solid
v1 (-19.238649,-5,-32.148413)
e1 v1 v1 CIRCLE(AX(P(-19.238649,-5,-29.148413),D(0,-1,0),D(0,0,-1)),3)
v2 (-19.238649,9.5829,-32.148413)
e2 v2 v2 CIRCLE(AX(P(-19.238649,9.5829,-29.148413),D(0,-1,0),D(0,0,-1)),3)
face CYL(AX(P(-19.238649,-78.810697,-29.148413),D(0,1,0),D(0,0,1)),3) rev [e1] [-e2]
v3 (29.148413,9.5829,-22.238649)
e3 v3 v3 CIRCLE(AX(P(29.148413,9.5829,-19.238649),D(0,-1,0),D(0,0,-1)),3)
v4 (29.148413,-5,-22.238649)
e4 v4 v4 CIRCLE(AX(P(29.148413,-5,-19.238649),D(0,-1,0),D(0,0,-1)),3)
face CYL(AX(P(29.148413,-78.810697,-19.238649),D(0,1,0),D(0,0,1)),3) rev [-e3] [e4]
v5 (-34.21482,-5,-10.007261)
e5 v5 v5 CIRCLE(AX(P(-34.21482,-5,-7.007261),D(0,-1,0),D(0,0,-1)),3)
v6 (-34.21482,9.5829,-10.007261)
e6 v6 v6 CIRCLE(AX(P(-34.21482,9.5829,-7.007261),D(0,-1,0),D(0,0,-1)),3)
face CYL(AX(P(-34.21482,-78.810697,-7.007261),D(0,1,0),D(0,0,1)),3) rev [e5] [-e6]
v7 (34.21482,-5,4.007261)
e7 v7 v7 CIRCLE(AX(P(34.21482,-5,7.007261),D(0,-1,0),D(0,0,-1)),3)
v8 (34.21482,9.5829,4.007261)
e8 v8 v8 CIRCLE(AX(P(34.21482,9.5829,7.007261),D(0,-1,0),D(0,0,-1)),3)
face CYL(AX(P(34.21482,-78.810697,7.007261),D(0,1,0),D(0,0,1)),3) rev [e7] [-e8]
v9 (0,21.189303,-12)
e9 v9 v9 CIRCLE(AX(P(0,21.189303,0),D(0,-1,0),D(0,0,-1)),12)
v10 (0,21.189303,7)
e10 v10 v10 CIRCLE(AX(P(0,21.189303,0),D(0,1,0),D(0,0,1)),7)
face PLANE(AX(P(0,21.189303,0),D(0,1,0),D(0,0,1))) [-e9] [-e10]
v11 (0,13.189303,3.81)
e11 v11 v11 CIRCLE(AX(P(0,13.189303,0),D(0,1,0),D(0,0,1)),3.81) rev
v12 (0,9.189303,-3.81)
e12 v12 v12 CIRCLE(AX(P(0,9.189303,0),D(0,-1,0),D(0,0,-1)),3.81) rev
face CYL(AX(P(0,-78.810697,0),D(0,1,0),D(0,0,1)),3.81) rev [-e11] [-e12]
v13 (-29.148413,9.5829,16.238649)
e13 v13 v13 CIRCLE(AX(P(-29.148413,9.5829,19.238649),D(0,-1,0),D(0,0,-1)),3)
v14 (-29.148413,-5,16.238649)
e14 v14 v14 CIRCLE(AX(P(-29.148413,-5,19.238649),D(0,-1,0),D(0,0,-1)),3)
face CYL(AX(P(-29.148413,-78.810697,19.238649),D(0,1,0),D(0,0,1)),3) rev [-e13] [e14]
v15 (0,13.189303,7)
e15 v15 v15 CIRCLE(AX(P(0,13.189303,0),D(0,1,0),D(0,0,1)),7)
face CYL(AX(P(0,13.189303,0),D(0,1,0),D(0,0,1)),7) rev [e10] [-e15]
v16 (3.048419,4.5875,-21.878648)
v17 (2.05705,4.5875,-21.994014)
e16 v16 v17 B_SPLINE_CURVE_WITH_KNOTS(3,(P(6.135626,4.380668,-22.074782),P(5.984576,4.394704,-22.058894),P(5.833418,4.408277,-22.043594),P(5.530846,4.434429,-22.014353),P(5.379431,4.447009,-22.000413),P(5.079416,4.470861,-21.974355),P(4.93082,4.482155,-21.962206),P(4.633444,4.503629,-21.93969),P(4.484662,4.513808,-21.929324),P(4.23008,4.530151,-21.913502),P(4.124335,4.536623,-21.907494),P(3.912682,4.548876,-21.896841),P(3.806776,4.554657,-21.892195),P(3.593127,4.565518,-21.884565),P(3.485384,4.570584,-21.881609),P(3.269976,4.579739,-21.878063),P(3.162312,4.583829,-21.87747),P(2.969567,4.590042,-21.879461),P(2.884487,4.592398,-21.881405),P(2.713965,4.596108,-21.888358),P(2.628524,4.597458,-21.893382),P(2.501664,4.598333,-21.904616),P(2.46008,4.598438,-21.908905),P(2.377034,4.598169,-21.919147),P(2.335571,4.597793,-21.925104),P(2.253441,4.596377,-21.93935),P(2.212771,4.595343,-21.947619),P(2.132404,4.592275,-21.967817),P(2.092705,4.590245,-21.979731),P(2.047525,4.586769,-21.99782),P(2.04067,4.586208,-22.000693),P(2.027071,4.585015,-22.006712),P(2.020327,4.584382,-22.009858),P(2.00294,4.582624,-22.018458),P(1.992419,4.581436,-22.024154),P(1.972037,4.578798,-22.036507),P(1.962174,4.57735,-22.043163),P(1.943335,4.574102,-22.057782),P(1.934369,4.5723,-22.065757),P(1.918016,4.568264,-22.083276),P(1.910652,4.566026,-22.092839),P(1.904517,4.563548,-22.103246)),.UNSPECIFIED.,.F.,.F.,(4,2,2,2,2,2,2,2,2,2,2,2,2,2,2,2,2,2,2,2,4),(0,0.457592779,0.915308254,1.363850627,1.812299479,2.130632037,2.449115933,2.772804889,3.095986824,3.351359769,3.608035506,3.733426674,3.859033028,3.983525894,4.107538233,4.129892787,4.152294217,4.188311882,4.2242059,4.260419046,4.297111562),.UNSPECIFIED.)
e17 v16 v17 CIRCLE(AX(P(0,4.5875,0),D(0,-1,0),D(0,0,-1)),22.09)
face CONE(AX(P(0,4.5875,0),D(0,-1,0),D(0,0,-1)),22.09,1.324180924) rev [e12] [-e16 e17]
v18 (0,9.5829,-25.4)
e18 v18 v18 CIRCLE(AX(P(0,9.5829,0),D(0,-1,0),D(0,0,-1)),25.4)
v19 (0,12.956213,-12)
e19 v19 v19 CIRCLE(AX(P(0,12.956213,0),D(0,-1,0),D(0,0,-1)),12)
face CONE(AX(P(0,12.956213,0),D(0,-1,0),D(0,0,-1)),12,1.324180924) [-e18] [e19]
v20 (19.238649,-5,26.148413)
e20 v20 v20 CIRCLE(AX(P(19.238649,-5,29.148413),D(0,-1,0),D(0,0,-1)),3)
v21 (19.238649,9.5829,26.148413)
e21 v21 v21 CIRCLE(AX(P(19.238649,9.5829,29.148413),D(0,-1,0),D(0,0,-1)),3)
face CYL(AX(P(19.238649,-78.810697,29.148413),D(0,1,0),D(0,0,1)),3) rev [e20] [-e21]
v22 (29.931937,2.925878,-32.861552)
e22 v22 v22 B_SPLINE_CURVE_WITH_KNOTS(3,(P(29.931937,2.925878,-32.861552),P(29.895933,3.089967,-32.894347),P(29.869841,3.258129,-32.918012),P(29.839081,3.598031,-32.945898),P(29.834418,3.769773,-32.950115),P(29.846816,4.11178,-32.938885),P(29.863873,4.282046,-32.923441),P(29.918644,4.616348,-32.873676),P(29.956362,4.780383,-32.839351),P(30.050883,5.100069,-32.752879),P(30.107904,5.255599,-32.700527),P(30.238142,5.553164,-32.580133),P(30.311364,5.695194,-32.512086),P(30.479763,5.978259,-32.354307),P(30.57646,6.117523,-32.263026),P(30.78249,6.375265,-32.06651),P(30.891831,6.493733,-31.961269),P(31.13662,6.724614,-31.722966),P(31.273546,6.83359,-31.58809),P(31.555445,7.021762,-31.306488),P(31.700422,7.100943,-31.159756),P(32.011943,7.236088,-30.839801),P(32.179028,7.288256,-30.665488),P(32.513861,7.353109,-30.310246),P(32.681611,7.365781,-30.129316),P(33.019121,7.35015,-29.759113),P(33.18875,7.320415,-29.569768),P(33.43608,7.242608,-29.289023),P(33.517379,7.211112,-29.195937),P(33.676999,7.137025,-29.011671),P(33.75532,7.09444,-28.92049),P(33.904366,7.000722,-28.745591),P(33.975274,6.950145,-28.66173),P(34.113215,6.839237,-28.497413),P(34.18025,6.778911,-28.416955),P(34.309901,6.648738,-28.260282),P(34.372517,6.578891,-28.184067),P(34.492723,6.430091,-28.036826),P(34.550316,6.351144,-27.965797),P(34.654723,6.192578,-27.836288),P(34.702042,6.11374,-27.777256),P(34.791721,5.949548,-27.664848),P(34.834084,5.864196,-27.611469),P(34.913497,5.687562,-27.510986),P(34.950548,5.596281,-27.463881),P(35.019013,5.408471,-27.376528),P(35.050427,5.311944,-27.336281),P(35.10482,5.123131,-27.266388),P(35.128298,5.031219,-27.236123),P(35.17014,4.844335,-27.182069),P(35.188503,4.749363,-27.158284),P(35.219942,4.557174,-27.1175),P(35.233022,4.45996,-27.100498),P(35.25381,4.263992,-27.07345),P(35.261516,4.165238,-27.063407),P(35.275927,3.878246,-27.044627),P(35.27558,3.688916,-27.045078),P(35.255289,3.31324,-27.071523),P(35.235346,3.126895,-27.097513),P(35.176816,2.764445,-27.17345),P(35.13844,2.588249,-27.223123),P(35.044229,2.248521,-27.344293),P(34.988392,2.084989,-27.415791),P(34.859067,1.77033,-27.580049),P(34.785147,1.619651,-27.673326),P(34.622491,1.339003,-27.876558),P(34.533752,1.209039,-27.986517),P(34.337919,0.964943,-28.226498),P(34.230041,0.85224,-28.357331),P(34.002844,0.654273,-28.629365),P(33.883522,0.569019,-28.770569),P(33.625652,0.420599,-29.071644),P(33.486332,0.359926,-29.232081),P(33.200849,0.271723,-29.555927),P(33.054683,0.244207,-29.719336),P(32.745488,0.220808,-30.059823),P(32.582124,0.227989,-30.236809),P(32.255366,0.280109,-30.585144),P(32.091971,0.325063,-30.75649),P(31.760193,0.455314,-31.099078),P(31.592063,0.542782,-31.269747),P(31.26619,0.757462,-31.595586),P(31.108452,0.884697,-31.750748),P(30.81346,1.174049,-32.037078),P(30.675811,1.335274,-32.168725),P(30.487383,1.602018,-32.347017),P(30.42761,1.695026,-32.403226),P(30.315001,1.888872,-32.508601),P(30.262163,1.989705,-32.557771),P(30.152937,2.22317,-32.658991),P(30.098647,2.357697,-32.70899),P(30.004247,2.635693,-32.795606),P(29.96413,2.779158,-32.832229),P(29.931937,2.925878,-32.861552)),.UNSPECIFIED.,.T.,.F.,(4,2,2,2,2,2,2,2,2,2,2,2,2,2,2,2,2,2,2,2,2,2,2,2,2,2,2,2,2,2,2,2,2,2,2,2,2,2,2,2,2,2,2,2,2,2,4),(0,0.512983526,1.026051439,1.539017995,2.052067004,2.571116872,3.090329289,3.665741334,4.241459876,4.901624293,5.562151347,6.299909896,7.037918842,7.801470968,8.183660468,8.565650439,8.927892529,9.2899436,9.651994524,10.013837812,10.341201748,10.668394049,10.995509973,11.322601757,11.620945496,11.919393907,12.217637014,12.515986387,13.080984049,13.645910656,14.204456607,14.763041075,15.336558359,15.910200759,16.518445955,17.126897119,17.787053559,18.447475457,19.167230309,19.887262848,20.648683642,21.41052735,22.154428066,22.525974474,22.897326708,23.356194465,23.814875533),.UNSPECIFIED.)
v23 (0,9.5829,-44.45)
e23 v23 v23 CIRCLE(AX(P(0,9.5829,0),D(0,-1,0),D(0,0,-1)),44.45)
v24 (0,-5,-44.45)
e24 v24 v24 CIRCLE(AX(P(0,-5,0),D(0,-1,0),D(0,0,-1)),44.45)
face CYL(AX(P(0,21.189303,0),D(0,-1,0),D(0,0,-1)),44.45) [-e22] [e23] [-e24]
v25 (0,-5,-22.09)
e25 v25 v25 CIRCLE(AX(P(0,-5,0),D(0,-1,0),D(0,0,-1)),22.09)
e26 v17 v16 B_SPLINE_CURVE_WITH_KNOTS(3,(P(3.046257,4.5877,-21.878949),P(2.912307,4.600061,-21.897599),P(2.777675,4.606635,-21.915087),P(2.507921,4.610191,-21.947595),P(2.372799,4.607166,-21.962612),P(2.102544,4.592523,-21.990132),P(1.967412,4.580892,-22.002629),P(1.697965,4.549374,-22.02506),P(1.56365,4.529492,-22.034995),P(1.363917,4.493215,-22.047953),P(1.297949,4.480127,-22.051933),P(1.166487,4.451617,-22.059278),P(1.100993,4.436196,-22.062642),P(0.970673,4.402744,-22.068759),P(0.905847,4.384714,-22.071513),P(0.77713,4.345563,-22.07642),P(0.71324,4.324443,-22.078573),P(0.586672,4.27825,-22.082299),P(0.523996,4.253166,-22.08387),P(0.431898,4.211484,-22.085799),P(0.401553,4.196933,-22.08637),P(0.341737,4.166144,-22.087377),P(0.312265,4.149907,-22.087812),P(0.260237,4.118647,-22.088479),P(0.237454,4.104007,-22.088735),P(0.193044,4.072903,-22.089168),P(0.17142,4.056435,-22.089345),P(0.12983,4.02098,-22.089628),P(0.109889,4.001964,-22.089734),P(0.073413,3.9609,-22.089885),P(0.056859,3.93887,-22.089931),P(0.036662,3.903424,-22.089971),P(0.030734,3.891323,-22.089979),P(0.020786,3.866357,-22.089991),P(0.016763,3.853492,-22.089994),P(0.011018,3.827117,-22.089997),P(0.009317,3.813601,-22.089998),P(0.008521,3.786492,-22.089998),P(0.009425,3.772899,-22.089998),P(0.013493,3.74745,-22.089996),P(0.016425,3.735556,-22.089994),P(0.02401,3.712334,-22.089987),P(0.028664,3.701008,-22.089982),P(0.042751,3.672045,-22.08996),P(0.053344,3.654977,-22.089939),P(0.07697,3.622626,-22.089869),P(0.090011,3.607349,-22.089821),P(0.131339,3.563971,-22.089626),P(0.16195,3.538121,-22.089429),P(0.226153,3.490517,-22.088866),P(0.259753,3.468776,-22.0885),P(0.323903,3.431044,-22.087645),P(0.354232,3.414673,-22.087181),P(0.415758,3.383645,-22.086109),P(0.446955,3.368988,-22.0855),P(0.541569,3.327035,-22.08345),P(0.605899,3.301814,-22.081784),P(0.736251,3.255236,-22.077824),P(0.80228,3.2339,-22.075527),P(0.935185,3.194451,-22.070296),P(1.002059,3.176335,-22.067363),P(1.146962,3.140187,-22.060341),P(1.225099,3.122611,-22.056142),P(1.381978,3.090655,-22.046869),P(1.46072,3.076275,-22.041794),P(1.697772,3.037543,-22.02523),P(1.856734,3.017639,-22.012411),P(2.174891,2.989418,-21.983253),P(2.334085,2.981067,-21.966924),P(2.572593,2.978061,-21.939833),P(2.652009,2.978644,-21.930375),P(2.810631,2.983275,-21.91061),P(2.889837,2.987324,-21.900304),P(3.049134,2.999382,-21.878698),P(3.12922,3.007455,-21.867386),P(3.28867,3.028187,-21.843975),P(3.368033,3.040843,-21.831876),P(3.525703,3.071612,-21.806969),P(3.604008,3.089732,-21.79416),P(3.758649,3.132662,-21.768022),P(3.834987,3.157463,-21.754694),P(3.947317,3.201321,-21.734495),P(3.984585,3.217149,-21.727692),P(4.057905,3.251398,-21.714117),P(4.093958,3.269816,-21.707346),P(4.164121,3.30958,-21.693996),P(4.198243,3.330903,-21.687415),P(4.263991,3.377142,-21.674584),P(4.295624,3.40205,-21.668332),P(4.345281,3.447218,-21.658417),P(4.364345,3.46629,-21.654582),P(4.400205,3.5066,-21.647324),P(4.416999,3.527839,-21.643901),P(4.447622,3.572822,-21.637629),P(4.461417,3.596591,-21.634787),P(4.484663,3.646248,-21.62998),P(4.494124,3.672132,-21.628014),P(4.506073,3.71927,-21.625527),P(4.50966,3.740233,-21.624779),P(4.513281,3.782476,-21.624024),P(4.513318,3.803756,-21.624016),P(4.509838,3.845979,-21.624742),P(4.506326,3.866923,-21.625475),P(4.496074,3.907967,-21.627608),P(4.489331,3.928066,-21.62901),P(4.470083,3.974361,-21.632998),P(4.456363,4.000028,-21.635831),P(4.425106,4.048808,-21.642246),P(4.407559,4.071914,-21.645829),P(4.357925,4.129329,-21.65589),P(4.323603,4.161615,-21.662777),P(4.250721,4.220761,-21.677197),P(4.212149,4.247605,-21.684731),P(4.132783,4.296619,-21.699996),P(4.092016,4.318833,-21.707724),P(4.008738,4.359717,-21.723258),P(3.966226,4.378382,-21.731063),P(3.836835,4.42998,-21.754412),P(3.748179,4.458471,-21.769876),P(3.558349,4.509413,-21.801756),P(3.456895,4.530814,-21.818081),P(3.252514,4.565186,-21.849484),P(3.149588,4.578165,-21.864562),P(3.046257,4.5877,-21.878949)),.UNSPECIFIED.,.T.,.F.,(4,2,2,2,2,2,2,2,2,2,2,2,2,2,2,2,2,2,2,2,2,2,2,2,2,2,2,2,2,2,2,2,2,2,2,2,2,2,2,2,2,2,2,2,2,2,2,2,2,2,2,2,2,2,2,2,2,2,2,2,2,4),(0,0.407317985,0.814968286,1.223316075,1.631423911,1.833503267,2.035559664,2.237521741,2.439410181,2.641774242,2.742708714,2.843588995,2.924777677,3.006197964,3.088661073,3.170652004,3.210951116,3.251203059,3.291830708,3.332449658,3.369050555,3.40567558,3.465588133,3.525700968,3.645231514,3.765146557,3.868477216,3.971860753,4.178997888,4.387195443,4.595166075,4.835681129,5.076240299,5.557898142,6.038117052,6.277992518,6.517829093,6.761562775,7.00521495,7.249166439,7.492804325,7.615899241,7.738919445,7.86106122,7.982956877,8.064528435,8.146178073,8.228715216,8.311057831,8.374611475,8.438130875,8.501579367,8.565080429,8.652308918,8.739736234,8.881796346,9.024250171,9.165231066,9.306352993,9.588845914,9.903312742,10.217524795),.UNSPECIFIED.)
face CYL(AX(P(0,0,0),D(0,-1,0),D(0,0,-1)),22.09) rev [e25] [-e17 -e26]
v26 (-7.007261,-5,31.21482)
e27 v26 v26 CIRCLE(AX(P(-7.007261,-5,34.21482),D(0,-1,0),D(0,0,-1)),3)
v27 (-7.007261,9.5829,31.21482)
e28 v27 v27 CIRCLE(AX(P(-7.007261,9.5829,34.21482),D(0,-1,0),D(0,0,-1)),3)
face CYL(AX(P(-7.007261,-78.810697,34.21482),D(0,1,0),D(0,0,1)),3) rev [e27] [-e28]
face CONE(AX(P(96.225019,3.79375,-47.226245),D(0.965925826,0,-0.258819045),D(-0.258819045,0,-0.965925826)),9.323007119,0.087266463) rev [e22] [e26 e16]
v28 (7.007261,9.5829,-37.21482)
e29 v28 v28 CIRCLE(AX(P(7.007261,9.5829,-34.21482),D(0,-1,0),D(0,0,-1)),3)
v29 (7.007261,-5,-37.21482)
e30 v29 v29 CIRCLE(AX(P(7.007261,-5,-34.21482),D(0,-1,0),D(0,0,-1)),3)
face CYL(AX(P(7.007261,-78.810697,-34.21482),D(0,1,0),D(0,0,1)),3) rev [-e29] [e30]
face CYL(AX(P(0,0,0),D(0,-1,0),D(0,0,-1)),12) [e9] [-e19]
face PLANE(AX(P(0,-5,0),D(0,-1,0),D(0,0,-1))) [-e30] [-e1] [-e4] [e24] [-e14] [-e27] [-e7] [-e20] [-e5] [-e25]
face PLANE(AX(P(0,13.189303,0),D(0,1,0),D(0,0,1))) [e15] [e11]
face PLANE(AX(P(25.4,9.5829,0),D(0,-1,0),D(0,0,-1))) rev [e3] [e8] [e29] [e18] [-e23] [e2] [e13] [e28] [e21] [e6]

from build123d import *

# Parameters (mm, degrees)
SKETCH1_R            = 44.45
BODY_EXTRUSION_DEPTH = 21.189302622
SKETCH6_R            = 3.81
DE_DEPTH             = 100
SKETCH7_R            = 7
INLET_TAP_DEPTH      = 8
BASE_START           = 5
SKETCH26_R           = 44.45
SKETCH26_R_2         = 22.09
BASE_RISER_DEPTH     = 5
SKETCH13_R           = 3
BOLT_HOLES_DEPTH     = 100
BOLT_PATTERN_COUNT   = 8


with BuildPart() as part:
    # Sketch1 → body extrusion (new body)
    with BuildSketch(Plane(origin=(0, 0, 0), x_dir=(1, 0, 0), z_dir=(0, 1, 0))):
        with Locations(Location((0, 0, 0), (0, 0, 270))):
            Circle(SKETCH1_R)
    extrude(amount=BODY_EXTRUSION_DEPTH)

    # Sketch2 → main chamber (revolve, cut)
    with BuildSketch(Plane.XY, mode=Mode.PRIVATE) as main_chamber_sk:
        Polygon((0, 0), (0, 9.189302622), (3.81, 9.189302622), (22.09, 4.5875), (22.09, 0), align=None)
    revolve(main_chamber_sk.sketch.rotate(Axis((0, 0, 0), (0, 1, 0)), 90), axis=Axis((0, 0, 0), (0, 1, 0)), mode=Mode.SUBTRACT)

    # Sketch6 → De (cut)
    with BuildSketch(Plane(origin=(0, 21.189302622, 0), x_dir=(1, 0, 0), z_dir=(0, 1, 0))):
        with Locations(Location((0, 0, 0), (0, 0, 270))):
            Circle(SKETCH6_R)
    extrude(amount=-DE_DEPTH, mode=Mode.SUBTRACT)

    # Sketch7 → inlet tap (cut)
    with BuildSketch(Plane(origin=(0, 21.189302622, 0), x_dir=(1, 0, 0), z_dir=(0, 1, 0))):
        with Locations(Location((0, 0, 0), (0, 0, 270))):
            Circle(SKETCH7_R)
    extrude(amount=-INLET_TAP_DEPTH, mode=Mode.SUBTRACT)

    # Sketch11 → conical outlet (revolve, cut)
    with BuildSketch(Plane(origin=(-5.360707244, 0, -20.006431798), x_dir=(0.9659258262890693, 0, -0.2588190451025173), z_dir=(0.2588190451025173, 0, 0.9659258262890693)), mode=Mode.PRIVATE) as conical_outlet_sk:
        Polygon((5.54981252, 4.401182844), (105.169282329, 13.116757119), (105.169282329, 3.79375), (5.54981252, 3.79375), align=None)
    revolve(conical_outlet_sk.sketch.rotate(Axis((0, 3.79375, -21.442828975), (0.9659258262890692, 0, -0.2588190451025173)), 255.191029346), axis=Axis((0, 3.79375, -21.442828975), (0.9659258262890692, 0, -0.2588190451025173)), mode=Mode.SUBTRACT)

    # Sketch16 → outer profile (revolve, cut)
    with BuildSketch(Plane.XY, mode=Mode.PRIVATE) as outer_profile_sk:
        Polygon((12, 21.189302622), (12, 12.956212983), (25.4, 9.582900339), (44.45, 9.582900339), (44.45, 21.189302622), align=None)
    revolve(outer_profile_sk.sketch.rotate(Axis((0, 0, 0), (0, 1, 0)), 90), axis=Axis((0, 0, 0), (0, 1, 0)), mode=Mode.SUBTRACT)

    # Sketch26 → base riser (add)
    with BuildSketch(Plane.XZ.offset(BASE_START)):
        with Locations(Location((0, 0, 0), (0, 0, 270))):
            Circle(SKETCH26_R)
        with Locations(Location((0, 0, 0), (0, 0, 270))):
            Circle(SKETCH26_R_2, mode=Mode.SUBTRACT)
    extrude(amount=-BASE_RISER_DEPTH)

    # Sketch13 → bolt holes (cut)
    with BuildSketch(Plane(origin=(0, 21.189302622, 0), x_dir=(1, 0, 0), z_dir=(0, 1, 0))):
        with Locations(Location((7.007261141, 34.214820127, 0), (0, 0, 90))):
            Circle(SKETCH13_R)
    bolt_holes = extrude(amount=-BOLT_HOLES_DEPTH, mode=Mode.SUBTRACT)

    # bolt pattern: bolt holes ×8 about axis
    bolt_pattern_axis = Axis((0, 0, 0), (0, 1, 0))
    for i in range(1, BOLT_PATTERN_COUNT):
        add(bolt_holes.rotate(bolt_pattern_axis, i * 360 / BOLT_PATTERN_COUNT), mode=Mode.SUBTRACT)


solid = part.part
